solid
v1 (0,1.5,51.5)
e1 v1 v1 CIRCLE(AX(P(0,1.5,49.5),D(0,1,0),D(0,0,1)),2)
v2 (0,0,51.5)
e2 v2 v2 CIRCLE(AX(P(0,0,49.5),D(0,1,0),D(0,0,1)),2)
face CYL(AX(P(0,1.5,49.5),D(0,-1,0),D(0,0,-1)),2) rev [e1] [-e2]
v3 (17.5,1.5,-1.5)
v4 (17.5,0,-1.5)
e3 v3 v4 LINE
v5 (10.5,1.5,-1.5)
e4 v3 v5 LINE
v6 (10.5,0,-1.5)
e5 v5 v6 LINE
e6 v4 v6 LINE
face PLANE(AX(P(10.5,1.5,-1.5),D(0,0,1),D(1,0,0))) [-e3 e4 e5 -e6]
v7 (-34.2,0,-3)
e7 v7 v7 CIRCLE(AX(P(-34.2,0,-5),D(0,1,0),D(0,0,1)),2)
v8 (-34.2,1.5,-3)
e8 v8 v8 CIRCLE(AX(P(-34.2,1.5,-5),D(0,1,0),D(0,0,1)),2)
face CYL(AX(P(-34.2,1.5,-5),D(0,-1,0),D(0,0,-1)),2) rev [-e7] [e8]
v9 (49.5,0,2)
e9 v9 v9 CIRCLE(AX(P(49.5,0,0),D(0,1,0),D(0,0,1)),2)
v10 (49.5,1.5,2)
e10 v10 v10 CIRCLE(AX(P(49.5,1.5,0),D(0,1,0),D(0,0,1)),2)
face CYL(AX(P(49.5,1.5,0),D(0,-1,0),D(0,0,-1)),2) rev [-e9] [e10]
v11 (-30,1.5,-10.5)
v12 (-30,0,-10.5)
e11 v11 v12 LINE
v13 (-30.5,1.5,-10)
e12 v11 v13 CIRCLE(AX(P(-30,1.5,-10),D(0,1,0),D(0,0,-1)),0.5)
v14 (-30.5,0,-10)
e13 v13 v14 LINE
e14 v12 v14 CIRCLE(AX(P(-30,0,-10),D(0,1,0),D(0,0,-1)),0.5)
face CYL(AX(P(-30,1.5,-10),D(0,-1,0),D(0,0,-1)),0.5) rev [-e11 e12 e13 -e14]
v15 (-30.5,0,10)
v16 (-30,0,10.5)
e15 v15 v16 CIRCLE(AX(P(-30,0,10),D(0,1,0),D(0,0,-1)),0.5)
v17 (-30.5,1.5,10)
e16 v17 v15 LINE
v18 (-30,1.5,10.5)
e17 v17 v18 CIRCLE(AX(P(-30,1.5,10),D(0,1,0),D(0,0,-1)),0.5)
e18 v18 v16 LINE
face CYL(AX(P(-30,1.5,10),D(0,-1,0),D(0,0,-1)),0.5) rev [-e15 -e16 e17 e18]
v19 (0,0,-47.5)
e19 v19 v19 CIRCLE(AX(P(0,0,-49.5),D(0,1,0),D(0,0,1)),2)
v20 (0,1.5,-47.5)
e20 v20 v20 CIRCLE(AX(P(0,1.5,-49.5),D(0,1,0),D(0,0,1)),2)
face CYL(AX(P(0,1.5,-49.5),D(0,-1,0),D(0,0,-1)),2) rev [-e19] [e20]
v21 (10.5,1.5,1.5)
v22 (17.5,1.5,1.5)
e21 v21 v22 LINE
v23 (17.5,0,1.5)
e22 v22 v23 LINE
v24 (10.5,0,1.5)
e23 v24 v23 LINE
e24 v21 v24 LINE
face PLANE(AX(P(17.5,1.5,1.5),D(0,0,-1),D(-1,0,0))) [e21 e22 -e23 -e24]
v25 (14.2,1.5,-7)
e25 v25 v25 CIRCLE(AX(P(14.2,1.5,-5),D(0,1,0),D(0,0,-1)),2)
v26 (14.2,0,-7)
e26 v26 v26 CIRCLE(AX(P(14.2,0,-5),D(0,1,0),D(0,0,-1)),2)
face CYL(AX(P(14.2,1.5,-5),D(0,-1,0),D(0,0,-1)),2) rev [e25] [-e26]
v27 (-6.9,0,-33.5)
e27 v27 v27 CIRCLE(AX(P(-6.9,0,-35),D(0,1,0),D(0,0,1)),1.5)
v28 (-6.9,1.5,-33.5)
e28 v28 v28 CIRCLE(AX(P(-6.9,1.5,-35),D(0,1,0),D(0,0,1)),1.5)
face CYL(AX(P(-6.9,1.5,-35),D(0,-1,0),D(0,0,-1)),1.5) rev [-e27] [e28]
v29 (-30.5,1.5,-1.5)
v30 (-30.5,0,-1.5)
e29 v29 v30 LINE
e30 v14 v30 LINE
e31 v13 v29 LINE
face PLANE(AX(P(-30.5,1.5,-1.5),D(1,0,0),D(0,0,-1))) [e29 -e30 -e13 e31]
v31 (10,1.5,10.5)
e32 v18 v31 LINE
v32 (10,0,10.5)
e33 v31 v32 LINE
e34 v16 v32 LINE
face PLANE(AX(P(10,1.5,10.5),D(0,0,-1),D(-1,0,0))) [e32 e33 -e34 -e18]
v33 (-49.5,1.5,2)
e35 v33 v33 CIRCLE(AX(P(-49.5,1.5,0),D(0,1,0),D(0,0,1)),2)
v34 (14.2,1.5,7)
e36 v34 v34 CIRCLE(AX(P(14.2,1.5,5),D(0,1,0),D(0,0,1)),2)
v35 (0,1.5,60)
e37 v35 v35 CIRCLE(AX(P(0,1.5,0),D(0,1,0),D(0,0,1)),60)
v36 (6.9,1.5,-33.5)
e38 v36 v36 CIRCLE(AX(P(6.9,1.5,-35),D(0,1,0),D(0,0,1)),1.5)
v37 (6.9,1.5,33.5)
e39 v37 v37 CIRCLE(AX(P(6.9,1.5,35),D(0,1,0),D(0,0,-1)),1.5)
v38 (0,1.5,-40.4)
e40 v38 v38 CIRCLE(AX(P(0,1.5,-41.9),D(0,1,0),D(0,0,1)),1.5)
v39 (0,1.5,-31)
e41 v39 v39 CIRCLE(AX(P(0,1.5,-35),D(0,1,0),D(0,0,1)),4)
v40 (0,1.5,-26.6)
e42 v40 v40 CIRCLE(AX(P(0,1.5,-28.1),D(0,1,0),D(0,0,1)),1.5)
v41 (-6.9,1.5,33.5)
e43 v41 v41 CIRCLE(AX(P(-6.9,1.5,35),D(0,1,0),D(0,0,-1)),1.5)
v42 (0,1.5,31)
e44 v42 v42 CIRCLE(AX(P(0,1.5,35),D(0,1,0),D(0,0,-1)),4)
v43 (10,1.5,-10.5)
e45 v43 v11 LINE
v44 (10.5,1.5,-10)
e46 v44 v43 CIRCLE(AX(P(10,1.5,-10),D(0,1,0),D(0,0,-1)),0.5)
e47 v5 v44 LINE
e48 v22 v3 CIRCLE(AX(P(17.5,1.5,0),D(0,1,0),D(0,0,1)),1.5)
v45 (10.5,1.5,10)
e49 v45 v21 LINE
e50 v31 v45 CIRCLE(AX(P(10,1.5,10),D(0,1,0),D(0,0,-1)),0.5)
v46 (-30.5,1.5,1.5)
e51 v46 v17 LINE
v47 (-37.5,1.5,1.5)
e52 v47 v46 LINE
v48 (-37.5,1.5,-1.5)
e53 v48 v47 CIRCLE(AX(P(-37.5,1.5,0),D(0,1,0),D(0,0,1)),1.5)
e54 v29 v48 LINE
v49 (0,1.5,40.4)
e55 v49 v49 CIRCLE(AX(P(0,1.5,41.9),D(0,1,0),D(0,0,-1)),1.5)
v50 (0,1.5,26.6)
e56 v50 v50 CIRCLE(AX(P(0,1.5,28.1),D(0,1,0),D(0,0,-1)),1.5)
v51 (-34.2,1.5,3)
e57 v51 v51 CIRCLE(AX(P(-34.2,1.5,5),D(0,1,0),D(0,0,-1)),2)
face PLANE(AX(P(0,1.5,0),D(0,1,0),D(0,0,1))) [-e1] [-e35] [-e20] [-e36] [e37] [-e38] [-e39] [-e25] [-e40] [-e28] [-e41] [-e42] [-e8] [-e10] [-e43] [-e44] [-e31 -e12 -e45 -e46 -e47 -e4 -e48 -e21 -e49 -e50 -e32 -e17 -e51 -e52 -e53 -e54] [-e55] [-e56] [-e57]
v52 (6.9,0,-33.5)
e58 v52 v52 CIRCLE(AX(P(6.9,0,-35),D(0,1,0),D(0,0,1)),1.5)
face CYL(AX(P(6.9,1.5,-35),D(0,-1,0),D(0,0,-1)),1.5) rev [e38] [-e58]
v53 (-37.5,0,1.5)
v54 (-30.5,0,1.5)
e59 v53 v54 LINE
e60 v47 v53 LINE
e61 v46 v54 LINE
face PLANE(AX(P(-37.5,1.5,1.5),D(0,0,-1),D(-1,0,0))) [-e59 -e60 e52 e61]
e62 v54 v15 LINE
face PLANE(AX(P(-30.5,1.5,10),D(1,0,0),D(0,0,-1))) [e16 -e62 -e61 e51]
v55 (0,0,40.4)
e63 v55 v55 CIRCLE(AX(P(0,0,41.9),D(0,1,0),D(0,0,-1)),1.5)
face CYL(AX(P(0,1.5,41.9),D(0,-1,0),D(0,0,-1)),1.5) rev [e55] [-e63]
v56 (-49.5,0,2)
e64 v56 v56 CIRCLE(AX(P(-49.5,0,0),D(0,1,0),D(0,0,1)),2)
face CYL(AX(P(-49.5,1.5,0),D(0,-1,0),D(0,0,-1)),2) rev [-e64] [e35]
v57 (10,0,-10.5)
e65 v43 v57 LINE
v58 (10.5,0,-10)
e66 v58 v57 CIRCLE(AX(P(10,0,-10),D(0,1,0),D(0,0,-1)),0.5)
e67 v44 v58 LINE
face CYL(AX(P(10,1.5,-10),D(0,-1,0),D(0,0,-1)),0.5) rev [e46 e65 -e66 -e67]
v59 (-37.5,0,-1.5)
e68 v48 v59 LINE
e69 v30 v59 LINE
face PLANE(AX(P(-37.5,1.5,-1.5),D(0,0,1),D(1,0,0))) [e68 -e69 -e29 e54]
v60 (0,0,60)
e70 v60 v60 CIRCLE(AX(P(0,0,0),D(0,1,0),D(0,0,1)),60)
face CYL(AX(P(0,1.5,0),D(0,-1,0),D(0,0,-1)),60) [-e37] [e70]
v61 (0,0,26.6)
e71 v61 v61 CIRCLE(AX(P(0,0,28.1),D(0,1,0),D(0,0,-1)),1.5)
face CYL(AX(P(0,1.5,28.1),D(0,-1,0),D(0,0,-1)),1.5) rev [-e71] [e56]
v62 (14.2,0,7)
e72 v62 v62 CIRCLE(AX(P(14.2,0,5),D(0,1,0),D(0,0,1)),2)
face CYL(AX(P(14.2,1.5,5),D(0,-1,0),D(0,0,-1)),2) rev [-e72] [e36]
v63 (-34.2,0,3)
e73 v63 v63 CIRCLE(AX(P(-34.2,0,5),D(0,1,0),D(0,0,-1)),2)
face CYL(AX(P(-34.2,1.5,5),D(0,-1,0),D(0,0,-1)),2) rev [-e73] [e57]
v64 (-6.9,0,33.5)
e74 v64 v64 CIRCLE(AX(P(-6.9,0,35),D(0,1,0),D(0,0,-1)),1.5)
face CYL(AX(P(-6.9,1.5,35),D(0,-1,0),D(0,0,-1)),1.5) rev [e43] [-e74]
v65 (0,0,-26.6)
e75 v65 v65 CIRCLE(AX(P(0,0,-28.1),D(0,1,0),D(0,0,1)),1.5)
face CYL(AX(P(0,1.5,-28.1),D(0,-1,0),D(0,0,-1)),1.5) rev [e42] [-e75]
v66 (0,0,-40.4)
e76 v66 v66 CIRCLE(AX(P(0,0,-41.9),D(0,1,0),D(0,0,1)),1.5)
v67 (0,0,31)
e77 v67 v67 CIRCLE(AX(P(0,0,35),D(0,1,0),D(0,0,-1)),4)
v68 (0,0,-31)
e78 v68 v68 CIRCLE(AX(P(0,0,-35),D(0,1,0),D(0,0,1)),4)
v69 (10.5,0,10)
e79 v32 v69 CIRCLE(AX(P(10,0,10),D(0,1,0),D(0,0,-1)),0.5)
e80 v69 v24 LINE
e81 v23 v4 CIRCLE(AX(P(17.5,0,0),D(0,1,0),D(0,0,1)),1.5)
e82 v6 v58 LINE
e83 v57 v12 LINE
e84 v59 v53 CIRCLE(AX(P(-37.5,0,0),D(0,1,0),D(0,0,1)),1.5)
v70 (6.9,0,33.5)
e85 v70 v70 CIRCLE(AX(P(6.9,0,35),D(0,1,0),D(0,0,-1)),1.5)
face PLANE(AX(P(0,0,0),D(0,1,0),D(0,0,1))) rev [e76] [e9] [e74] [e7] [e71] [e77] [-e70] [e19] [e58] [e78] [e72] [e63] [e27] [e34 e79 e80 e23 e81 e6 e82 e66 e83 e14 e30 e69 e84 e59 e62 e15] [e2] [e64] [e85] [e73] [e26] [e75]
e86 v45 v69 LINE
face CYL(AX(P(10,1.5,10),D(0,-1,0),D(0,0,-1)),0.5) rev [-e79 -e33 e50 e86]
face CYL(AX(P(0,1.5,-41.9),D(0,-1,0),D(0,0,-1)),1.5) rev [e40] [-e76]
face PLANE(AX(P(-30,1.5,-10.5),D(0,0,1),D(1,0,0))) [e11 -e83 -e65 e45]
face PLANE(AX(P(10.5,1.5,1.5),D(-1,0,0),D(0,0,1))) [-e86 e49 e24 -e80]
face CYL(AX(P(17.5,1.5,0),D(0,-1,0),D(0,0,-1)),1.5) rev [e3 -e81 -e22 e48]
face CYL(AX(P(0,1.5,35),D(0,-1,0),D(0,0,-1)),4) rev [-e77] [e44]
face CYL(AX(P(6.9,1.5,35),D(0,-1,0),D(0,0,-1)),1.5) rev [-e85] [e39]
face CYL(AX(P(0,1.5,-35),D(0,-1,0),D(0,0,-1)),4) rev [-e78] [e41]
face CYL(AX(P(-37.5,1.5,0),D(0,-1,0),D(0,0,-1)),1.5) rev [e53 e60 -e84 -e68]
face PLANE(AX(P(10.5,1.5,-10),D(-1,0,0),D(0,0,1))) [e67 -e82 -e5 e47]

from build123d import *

# Parameters (mm, degrees)
SKETCH1_R           = 60
SKETCH1_R_2         = 2
SKETCH1_R_3         = 4
SKETCH1_R_4         = 1.5
BOSS_EXTRUDE1_DEPTH = 1.5


with BuildPart() as part:
    # Sketch1 → Boss-Extrude1 (new body)
    with BuildSketch(Plane(origin=(0, 0, 0), x_dir=(1, 0, 0), z_dir=(0, 1, 0))):
        with Locations(Location((0, 0, 0), (0, 0, 270))):
            Circle(SKETCH1_R)
        with Locations(Location((0, 49.5, 0), (0, 0, 270))):
            Circle(SKETCH1_R_2, mode=Mode.SUBTRACT)
        with Locations(Location((-49.5, 0, 0), (0, 0, 270))):
            Circle(SKETCH1_R_2, mode=Mode.SUBTRACT)
        with Locations(Location((0, -49.5, 0), (0, 0, 270))):
            Circle(SKETCH1_R_2, mode=Mode.SUBTRACT)
        with Locations(Location((49.5, 0, 0), (0, 0, 270))):
            Circle(SKETCH1_R_2, mode=Mode.SUBTRACT)
        with Locations(Location((0, 35, 0), (0, 0, 270))):
            Circle(SKETCH1_R_3, mode=Mode.SUBTRACT)
        with Locations(Location((0, 41.9, 0), (0, 0, 270))):
            Circle(SKETCH1_R_4, mode=Mode.SUBTRACT)
        with Locations(Location((6.9, 35, 0), (0, 0, 270))):
            Circle(SKETCH1_R_4, mode=Mode.SUBTRACT)
        with Locations(Location((0, 28.1, 0), (0, 0, 270))):
            Circle(SKETCH1_R_4, mode=Mode.SUBTRACT)
        with Locations(Location((-6.9, 35, 0), (0, 0, 270))):
            Circle(SKETCH1_R_4, mode=Mode.SUBTRACT)
        with Locations(Location((0, -35, 0), (0, 0, 90))):
            Circle(SKETCH1_R_3, mode=Mode.SUBTRACT)
        with Locations(Location((0, -28.1, 0), (0, 0, 90))):
            Circle(SKETCH1_R_4, mode=Mode.SUBTRACT)
        with Locations(Location((-6.9, -35, 0), (0, 0, 90))):
            Circle(SKETCH1_R_4, mode=Mode.SUBTRACT)
        with Locations(Location((0, -41.9, 0), (0, 0, 90))):
            Circle(SKETCH1_R_4, mode=Mode.SUBTRACT)
        with Locations(Location((6.9, -35, 0), (0, 0, 90))):
            Circle(SKETCH1_R_4, mode=Mode.SUBTRACT)
        with Locations(Location((-34.2, 5, 0), (0, 0, 270))):
            Circle(SKETCH1_R_2, mode=Mode.SUBTRACT)
        with Locations(Location((-34.2, -5, 0), (0, 0, 90))):
            Circle(SKETCH1_R_2, mode=Mode.SUBTRACT)
        with Locations(Location((14.2, 5, 0), (0, 0, 90))):
            Circle(SKETCH1_R_2, mode=Mode.SUBTRACT)
        with Locations(Location((14.2, -5, 0), (0, 0, 270))):
            Circle(SKETCH1_R_2, mode=Mode.SUBTRACT)
        with BuildLine():
            Line((-37.5, -1.5), (-30.5, -1.5))
            Line((-30.5, -1.5), (-30.5, -10))
            ThreePointArc((-30.5, -10), (-30.353553391, -10.353553391), (-30, -10.5))
            Line((-30, -10.5), (10, -10.5))
            ThreePointArc((10, -10.5), (10.353553391, -10.353553391), (10.5, -10))
            Line((10.5, -10), (10.5, -1.5))
            Line((10.5, -1.5), (17.5, -1.5))
            ThreePointArc((17.5, -1.5), (19, 0), (17.5, 1.5))
            Line((17.5, 1.5), (10.5, 1.5))
            Line((10.5, 1.5), (10.5, 10))
            ThreePointArc((10.5, 10), (10.353553391, 10.353553391), (10, 10.5))
            Line((10, 10.5), (-30, 10.5))
            ThreePointArc((-30, 10.5), (-30.353553391, 10.353553391), (-30.5, 10))
            Line((-30.5, 10), (-30.5, 1.5))
            Line((-30.5, 1.5), (-37.5, 1.5))
            ThreePointArc((-37.5, 1.5), (-39, 0), (-37.5, -1.5))
        make_face(mode=Mode.SUBTRACT)
    extrude(amount=BOSS_EXTRUDE1_DEPTH)


solid = part.part
